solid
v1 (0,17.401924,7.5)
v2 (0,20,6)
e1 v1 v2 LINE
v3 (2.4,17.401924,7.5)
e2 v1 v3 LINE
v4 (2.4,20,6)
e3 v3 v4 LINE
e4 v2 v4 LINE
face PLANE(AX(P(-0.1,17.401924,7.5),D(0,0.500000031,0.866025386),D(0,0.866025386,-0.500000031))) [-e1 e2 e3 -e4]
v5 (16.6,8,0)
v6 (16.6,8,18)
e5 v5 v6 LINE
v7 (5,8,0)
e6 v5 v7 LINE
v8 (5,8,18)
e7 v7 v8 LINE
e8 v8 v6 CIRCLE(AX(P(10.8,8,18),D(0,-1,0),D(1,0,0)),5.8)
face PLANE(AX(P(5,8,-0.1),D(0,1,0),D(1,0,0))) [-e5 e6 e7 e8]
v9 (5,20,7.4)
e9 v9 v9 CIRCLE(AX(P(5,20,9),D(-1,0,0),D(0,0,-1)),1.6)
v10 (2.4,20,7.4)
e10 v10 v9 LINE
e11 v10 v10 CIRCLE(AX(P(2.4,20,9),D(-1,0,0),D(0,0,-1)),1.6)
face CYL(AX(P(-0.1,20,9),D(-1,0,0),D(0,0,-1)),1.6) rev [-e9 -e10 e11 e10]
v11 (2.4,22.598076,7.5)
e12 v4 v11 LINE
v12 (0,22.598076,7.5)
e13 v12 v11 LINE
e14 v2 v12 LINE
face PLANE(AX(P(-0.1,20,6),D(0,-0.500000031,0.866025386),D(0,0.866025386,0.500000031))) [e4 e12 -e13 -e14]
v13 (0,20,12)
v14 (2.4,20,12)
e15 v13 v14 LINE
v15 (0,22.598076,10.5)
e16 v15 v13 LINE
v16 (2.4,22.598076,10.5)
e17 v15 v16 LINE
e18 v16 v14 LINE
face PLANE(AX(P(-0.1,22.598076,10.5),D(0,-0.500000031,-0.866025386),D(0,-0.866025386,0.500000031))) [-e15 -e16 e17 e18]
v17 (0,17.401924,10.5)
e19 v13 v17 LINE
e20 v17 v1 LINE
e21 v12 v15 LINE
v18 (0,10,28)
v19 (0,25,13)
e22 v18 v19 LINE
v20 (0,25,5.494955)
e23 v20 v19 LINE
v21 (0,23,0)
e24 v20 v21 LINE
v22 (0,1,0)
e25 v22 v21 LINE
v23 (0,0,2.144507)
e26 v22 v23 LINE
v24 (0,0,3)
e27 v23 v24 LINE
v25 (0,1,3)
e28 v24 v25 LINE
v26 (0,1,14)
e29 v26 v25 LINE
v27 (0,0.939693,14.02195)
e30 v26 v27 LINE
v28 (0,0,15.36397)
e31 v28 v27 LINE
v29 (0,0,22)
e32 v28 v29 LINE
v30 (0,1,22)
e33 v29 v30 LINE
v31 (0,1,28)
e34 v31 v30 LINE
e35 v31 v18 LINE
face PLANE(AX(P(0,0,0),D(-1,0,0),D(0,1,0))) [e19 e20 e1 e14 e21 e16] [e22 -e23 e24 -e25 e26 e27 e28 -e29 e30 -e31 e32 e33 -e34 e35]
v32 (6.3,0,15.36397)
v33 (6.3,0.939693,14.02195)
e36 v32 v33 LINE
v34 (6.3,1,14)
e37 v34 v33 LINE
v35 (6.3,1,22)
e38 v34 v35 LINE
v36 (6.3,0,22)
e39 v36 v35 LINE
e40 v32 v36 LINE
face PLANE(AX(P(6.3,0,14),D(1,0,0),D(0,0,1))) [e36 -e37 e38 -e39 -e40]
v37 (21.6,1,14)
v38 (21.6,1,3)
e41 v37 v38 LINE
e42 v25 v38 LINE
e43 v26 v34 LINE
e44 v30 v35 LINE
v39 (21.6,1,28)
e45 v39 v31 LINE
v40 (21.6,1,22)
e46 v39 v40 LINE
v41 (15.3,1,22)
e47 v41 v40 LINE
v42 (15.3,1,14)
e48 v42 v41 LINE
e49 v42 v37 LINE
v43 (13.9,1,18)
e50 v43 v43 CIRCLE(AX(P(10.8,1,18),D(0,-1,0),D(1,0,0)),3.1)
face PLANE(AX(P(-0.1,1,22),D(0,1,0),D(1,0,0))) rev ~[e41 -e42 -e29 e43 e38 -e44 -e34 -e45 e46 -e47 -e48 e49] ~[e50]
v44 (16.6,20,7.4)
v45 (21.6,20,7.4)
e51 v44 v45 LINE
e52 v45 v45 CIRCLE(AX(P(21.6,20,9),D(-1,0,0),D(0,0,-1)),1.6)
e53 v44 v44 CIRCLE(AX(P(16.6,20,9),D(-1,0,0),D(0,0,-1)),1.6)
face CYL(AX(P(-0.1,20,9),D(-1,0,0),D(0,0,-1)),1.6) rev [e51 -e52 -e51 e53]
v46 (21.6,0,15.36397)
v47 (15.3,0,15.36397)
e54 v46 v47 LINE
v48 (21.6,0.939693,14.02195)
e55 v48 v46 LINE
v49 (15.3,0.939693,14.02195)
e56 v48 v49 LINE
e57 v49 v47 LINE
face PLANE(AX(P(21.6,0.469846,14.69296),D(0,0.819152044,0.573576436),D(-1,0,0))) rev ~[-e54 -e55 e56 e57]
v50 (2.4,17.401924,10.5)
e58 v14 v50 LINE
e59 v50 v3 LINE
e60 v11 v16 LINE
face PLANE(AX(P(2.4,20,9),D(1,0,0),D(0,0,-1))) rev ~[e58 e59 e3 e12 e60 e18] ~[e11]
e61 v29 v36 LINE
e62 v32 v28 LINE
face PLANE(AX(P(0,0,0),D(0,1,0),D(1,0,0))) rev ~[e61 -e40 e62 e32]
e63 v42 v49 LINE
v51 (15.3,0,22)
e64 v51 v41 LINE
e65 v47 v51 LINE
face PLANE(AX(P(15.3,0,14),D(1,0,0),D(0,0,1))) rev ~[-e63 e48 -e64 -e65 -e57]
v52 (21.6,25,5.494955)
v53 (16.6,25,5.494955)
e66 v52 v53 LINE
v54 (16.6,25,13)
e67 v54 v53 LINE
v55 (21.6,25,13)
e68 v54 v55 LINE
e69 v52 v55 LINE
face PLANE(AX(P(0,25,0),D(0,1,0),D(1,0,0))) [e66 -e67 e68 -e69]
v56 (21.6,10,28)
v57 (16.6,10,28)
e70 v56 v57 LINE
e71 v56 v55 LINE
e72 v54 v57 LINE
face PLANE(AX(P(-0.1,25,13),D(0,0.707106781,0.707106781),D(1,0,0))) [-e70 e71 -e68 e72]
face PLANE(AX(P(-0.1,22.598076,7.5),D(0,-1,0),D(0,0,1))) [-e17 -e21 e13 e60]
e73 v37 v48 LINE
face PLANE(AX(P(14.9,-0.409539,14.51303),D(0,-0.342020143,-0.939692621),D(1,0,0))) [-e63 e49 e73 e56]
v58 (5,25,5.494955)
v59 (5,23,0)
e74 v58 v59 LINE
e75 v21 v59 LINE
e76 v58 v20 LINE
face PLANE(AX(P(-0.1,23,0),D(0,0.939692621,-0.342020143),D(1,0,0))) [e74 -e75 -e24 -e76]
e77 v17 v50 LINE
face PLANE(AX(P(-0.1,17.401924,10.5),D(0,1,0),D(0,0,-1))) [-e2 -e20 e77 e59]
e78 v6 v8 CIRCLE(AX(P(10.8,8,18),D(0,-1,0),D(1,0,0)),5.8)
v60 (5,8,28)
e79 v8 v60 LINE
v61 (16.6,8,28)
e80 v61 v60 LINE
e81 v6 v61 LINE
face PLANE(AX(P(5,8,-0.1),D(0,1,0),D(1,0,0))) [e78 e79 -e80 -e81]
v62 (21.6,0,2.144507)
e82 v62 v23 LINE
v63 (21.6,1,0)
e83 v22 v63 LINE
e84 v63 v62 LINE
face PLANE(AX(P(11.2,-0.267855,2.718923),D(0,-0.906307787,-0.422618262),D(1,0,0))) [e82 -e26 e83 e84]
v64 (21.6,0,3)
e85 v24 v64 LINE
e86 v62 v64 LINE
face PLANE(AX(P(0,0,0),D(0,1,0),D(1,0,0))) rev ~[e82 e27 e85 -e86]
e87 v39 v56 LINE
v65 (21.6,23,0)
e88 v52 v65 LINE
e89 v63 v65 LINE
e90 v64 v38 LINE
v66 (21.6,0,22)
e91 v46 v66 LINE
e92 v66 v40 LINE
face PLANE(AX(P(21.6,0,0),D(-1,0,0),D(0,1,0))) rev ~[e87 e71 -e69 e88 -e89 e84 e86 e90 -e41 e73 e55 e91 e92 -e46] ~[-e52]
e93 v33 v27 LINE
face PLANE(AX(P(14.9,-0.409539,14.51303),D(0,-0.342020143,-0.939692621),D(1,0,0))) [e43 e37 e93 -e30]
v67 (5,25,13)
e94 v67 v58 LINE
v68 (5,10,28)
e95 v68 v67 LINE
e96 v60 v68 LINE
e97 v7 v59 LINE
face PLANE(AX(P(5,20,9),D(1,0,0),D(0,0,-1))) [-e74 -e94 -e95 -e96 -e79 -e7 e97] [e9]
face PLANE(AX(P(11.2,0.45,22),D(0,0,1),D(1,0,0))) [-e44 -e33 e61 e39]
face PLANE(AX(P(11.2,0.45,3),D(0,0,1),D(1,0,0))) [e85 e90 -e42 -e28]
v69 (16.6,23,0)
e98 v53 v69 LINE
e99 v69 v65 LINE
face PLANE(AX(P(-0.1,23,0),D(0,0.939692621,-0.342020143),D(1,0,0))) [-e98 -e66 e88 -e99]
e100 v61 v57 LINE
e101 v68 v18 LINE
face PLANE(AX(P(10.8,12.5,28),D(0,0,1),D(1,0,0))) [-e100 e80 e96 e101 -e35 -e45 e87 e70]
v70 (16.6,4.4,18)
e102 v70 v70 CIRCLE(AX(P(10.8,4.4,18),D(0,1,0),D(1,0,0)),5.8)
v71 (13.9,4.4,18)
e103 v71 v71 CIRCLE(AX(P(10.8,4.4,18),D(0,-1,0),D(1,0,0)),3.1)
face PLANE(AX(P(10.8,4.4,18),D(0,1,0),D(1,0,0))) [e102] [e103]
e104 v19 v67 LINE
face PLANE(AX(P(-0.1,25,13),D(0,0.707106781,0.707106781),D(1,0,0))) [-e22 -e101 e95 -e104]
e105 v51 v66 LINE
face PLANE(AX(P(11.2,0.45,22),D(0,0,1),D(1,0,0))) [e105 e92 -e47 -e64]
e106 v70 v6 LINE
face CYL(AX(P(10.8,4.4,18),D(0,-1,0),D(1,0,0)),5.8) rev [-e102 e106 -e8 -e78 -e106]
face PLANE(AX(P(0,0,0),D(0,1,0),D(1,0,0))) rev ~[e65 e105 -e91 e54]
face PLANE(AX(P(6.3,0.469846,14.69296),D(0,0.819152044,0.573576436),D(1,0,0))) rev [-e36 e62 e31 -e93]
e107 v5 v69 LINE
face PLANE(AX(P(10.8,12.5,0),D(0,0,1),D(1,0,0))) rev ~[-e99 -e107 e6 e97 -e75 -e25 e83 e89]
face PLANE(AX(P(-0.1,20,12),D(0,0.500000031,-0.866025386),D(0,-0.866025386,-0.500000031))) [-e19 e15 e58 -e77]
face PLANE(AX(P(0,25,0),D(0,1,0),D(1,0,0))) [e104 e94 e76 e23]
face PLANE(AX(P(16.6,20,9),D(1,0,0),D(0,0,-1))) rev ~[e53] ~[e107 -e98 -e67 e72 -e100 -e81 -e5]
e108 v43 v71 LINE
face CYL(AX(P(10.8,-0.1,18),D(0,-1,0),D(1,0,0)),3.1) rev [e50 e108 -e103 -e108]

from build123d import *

# Parameters (mm, degrees)
CYLINDER_R              = 1.6
CYLINDER_DEPTH          = 22.6
CYLINDER001_R           = 3.1
CYLINDER001_DEPTH       = 25
CYLINDER002_R           = 5.8
CYLINDER002_DEPTH       = 25
CUBE002_W               = 22.6
CUBE002_H               = 1.1
CUBE002_DEPTH           = 11
CUBE003_W               = 22.6
CUBE003_H               = 1.1
CUBE003_DEPTH           = 11
CUBE004_W               = 30
CUBE004_H               = 3
CUBE004_DEPTH           = 8
CUBE004_PLACEMENT_ANGLE = 160
PRISM_DEPTH             = 2.5
CUBE005_W               = 22.6
CUBE005_H               = 6
CUBE005_DEPTH           = 6
CUBE005_PLACEMENT_ANGLE = 115
CUBE006_W               = 22.6
CUBE006_H               = 27
CUBE006_DEPTH           = 28
CUBE006_PLACEMENT_ANGLE = 45
CUBE007_W               = 22.6
CUBE007_H               = 10
CUBE007_DEPTH           = 10
CUBE007_PLACEMENT_ANGLE = 20
CYLINDER003_R           = 11
CYLINDER003_DEPTH       = 11.6
CUBE001_W               = 11.6
CUBE001_H               = 25
CUBE001_DEPTH           = 29
CUBE_W                  = 21.6
CUBE_H                  = 25
CUBE_DEPTH              = 28
SKETCH_W                = 9
SKETCH_H                = 8
POCKET_DEPTH            = 1
CHAMFER_SIZE            = 1


with BuildPart() as cylinder:
    # cylinder → cylinder (new body)
    with BuildSketch(Plane(origin=(-0.1, 20, 9), x_dir=(0, 0, -1), z_dir=(1, 0, 0))):
        Circle(CYLINDER_R)
    extrude(amount=CYLINDER_DEPTH)


with BuildPart() as cylinder001:
    # cylinder001 → cylinder001 (new body)
    with BuildSketch(Plane(origin=(10.8, -0.1, 18), x_dir=(1, 0, 0), z_dir=(0, 1, 0))):
        Circle(CYLINDER001_R)
    extrude(amount=CYLINDER001_DEPTH)


with BuildPart() as cylinder002:
    # cylinder002 → cylinder002 (new body)
    with BuildSketch(Plane(origin=(10.8, 4.4, 18), x_dir=(1, 0, 0), z_dir=(0, 1, 0))):
        Circle(CYLINDER002_R)
    extrude(amount=CYLINDER002_DEPTH)


with BuildPart() as cube002:
    # cube002 → cube002 (new body)
    with BuildSketch(Plane(origin=(-0.1, -0.1, 3), x_dir=(1, 0, 0), z_dir=(0, 0, 1))):
        with Locations((11.3, 0.55)):
            Rectangle(CUBE002_W, CUBE002_H)
    extrude(amount=CUBE002_DEPTH)


with BuildPart() as cube003:
    # cube003 → cube003 (new body)
    with BuildSketch(Plane(origin=(-0.1, -0.1, 22), x_dir=(1, 0, 0), z_dir=(0, 0, 1))):
        with Locations((11.3, 0.55)):
            Rectangle(CUBE003_W, CUBE003_H)
    extrude(amount=CUBE003_DEPTH)


with BuildPart() as cube004:
    # cube004 → cube004 (new body)
    with BuildSketch(Plane.XY):
        with Locations((15, 1.5)):
            Rectangle(CUBE004_W, CUBE004_H)
    extrude(amount=CUBE004_DEPTH)


with BuildPart() as cube004_1:
    # cube004 placement: moved
    add(cube004.part.moved(Location((-0.1, 1, 14))).rotate(Axis((-0.1, 1, 14), (1, 0, 0)), CUBE004_PLACEMENT_ANGLE))


with BuildPart() as prism:
    # prism → prism (new body)
    with BuildSketch(Plane(origin=(-0.1, 20, 9), x_dir=(0, 0, -1), z_dir=(1, 0, 0))):
        Polygon((3, 0), (1.5, 2.598076), (-1.5, 2.598076), (-3, 0), (-1.5, -2.598076), (1.5, -2.598076), align=None)
    extrude(amount=PRISM_DEPTH)


with BuildPart() as cube005:
    # cube005 → cube005 (new body)
    with BuildSketch(Plane.XY):
        with Locations((11.3, 3)):
            Rectangle(CUBE005_W, CUBE005_H)
    extrude(amount=CUBE005_DEPTH)


with BuildPart() as cube005_1:
    # cube005 placement: moved
    add(cube005.part.moved(Location((-0.1, 1, 0))).rotate(Axis((-0.1, 1, 0), (1, 0, 0)), CUBE005_PLACEMENT_ANGLE))


with BuildPart() as cube006:
    # cube006 → cube006 (new body)
    with BuildSketch(Plane.XY):
        with Locations((11.3, 13.5)):
            Rectangle(CUBE006_W, CUBE006_H)
    extrude(amount=CUBE006_DEPTH)


with BuildPart() as cube006_1:
    # cube006 placement: moved
    add(cube006.part.moved(Location((-0.1, 25, 13))).rotate(Axis((-0.1, 25, 13), (1, 0, 0)), CUBE006_PLACEMENT_ANGLE))


with BuildPart() as cube007:
    # cube007 → cube007 (new body)
    with BuildSketch(Plane.XY):
        with Locations((11.3, 5)):
            Rectangle(CUBE007_W, CUBE007_H)
    extrude(amount=CUBE007_DEPTH)


with BuildPart() as cube007_1:
    # cube007 placement: moved
    add(cube007.part.moved(Location((-0.1, 23, 0))).rotate(Axis((-0.1, 23, 0), (-1, 0, 0)), CUBE007_PLACEMENT_ANGLE))


with BuildPart() as cylinder003:
    # cylinder003 → cylinder003 (new body)
    with BuildSketch(Plane(origin=(5, 20, 9), x_dir=(0, 0, -1), z_dir=(1, 0, 0))):
        Circle(CYLINDER003_R)
    extrude(amount=CYLINDER003_DEPTH)


with BuildPart() as group:
    # cube001 → cube001 (new body)
    with BuildSketch(Plane(origin=(5, 8, -0.1), x_dir=(1, 0, 0), z_dir=(0, 0, 1))):
        with Locations((5.8, 12.5)):
            Rectangle(CUBE001_W, CUBE001_H)
    extrude(amount=CUBE001_DEPTH)

    # Group: union cylinder, cylinder001, cylinder002, cube002, cube003, cube004, prism, cube005, cube006, cube007, cylinder003
    add(cylinder.part)
    add(cylinder001.part)
    add(cylinder002.part)
    add(cube002.part)
    add(cube003.part)
    add(cube004_1.part)
    add(prism.part)
    add(cube005_1.part)
    add(cube006_1.part)
    add(cube007_1.part)
    add(cylinder003.part)


with BuildPart() as body:
    # cube → cube (new body)
    with BuildSketch(Plane.XY):
        with Locations((10.8, 12.5)):
            Rectangle(CUBE_W, CUBE_H)
    extrude(amount=CUBE_DEPTH)

    # difference: cut Group
    add(group.part, mode=Mode.SUBTRACT)

    # Sketch (on Face6 of BaseFeature) → Pocket (cut)
    with BuildSketch(Plane.XZ):
        with Locations((10.8, 18)):
            Rectangle(SKETCH_W, SKETCH_H)
    extrude(amount=-POCKET_DEPTH, mode=Mode.SUBTRACT)

    # Chamfer
    chamfer_edges = [body.edges().sort_by_distance(p)[0] for p in [
        (18.45, 0, 14.36397),
        (3.15, 0, 14.36397),
    ]]
    chamfer(chamfer_edges, length=CHAMFER_SIZE)


solid = body.part
